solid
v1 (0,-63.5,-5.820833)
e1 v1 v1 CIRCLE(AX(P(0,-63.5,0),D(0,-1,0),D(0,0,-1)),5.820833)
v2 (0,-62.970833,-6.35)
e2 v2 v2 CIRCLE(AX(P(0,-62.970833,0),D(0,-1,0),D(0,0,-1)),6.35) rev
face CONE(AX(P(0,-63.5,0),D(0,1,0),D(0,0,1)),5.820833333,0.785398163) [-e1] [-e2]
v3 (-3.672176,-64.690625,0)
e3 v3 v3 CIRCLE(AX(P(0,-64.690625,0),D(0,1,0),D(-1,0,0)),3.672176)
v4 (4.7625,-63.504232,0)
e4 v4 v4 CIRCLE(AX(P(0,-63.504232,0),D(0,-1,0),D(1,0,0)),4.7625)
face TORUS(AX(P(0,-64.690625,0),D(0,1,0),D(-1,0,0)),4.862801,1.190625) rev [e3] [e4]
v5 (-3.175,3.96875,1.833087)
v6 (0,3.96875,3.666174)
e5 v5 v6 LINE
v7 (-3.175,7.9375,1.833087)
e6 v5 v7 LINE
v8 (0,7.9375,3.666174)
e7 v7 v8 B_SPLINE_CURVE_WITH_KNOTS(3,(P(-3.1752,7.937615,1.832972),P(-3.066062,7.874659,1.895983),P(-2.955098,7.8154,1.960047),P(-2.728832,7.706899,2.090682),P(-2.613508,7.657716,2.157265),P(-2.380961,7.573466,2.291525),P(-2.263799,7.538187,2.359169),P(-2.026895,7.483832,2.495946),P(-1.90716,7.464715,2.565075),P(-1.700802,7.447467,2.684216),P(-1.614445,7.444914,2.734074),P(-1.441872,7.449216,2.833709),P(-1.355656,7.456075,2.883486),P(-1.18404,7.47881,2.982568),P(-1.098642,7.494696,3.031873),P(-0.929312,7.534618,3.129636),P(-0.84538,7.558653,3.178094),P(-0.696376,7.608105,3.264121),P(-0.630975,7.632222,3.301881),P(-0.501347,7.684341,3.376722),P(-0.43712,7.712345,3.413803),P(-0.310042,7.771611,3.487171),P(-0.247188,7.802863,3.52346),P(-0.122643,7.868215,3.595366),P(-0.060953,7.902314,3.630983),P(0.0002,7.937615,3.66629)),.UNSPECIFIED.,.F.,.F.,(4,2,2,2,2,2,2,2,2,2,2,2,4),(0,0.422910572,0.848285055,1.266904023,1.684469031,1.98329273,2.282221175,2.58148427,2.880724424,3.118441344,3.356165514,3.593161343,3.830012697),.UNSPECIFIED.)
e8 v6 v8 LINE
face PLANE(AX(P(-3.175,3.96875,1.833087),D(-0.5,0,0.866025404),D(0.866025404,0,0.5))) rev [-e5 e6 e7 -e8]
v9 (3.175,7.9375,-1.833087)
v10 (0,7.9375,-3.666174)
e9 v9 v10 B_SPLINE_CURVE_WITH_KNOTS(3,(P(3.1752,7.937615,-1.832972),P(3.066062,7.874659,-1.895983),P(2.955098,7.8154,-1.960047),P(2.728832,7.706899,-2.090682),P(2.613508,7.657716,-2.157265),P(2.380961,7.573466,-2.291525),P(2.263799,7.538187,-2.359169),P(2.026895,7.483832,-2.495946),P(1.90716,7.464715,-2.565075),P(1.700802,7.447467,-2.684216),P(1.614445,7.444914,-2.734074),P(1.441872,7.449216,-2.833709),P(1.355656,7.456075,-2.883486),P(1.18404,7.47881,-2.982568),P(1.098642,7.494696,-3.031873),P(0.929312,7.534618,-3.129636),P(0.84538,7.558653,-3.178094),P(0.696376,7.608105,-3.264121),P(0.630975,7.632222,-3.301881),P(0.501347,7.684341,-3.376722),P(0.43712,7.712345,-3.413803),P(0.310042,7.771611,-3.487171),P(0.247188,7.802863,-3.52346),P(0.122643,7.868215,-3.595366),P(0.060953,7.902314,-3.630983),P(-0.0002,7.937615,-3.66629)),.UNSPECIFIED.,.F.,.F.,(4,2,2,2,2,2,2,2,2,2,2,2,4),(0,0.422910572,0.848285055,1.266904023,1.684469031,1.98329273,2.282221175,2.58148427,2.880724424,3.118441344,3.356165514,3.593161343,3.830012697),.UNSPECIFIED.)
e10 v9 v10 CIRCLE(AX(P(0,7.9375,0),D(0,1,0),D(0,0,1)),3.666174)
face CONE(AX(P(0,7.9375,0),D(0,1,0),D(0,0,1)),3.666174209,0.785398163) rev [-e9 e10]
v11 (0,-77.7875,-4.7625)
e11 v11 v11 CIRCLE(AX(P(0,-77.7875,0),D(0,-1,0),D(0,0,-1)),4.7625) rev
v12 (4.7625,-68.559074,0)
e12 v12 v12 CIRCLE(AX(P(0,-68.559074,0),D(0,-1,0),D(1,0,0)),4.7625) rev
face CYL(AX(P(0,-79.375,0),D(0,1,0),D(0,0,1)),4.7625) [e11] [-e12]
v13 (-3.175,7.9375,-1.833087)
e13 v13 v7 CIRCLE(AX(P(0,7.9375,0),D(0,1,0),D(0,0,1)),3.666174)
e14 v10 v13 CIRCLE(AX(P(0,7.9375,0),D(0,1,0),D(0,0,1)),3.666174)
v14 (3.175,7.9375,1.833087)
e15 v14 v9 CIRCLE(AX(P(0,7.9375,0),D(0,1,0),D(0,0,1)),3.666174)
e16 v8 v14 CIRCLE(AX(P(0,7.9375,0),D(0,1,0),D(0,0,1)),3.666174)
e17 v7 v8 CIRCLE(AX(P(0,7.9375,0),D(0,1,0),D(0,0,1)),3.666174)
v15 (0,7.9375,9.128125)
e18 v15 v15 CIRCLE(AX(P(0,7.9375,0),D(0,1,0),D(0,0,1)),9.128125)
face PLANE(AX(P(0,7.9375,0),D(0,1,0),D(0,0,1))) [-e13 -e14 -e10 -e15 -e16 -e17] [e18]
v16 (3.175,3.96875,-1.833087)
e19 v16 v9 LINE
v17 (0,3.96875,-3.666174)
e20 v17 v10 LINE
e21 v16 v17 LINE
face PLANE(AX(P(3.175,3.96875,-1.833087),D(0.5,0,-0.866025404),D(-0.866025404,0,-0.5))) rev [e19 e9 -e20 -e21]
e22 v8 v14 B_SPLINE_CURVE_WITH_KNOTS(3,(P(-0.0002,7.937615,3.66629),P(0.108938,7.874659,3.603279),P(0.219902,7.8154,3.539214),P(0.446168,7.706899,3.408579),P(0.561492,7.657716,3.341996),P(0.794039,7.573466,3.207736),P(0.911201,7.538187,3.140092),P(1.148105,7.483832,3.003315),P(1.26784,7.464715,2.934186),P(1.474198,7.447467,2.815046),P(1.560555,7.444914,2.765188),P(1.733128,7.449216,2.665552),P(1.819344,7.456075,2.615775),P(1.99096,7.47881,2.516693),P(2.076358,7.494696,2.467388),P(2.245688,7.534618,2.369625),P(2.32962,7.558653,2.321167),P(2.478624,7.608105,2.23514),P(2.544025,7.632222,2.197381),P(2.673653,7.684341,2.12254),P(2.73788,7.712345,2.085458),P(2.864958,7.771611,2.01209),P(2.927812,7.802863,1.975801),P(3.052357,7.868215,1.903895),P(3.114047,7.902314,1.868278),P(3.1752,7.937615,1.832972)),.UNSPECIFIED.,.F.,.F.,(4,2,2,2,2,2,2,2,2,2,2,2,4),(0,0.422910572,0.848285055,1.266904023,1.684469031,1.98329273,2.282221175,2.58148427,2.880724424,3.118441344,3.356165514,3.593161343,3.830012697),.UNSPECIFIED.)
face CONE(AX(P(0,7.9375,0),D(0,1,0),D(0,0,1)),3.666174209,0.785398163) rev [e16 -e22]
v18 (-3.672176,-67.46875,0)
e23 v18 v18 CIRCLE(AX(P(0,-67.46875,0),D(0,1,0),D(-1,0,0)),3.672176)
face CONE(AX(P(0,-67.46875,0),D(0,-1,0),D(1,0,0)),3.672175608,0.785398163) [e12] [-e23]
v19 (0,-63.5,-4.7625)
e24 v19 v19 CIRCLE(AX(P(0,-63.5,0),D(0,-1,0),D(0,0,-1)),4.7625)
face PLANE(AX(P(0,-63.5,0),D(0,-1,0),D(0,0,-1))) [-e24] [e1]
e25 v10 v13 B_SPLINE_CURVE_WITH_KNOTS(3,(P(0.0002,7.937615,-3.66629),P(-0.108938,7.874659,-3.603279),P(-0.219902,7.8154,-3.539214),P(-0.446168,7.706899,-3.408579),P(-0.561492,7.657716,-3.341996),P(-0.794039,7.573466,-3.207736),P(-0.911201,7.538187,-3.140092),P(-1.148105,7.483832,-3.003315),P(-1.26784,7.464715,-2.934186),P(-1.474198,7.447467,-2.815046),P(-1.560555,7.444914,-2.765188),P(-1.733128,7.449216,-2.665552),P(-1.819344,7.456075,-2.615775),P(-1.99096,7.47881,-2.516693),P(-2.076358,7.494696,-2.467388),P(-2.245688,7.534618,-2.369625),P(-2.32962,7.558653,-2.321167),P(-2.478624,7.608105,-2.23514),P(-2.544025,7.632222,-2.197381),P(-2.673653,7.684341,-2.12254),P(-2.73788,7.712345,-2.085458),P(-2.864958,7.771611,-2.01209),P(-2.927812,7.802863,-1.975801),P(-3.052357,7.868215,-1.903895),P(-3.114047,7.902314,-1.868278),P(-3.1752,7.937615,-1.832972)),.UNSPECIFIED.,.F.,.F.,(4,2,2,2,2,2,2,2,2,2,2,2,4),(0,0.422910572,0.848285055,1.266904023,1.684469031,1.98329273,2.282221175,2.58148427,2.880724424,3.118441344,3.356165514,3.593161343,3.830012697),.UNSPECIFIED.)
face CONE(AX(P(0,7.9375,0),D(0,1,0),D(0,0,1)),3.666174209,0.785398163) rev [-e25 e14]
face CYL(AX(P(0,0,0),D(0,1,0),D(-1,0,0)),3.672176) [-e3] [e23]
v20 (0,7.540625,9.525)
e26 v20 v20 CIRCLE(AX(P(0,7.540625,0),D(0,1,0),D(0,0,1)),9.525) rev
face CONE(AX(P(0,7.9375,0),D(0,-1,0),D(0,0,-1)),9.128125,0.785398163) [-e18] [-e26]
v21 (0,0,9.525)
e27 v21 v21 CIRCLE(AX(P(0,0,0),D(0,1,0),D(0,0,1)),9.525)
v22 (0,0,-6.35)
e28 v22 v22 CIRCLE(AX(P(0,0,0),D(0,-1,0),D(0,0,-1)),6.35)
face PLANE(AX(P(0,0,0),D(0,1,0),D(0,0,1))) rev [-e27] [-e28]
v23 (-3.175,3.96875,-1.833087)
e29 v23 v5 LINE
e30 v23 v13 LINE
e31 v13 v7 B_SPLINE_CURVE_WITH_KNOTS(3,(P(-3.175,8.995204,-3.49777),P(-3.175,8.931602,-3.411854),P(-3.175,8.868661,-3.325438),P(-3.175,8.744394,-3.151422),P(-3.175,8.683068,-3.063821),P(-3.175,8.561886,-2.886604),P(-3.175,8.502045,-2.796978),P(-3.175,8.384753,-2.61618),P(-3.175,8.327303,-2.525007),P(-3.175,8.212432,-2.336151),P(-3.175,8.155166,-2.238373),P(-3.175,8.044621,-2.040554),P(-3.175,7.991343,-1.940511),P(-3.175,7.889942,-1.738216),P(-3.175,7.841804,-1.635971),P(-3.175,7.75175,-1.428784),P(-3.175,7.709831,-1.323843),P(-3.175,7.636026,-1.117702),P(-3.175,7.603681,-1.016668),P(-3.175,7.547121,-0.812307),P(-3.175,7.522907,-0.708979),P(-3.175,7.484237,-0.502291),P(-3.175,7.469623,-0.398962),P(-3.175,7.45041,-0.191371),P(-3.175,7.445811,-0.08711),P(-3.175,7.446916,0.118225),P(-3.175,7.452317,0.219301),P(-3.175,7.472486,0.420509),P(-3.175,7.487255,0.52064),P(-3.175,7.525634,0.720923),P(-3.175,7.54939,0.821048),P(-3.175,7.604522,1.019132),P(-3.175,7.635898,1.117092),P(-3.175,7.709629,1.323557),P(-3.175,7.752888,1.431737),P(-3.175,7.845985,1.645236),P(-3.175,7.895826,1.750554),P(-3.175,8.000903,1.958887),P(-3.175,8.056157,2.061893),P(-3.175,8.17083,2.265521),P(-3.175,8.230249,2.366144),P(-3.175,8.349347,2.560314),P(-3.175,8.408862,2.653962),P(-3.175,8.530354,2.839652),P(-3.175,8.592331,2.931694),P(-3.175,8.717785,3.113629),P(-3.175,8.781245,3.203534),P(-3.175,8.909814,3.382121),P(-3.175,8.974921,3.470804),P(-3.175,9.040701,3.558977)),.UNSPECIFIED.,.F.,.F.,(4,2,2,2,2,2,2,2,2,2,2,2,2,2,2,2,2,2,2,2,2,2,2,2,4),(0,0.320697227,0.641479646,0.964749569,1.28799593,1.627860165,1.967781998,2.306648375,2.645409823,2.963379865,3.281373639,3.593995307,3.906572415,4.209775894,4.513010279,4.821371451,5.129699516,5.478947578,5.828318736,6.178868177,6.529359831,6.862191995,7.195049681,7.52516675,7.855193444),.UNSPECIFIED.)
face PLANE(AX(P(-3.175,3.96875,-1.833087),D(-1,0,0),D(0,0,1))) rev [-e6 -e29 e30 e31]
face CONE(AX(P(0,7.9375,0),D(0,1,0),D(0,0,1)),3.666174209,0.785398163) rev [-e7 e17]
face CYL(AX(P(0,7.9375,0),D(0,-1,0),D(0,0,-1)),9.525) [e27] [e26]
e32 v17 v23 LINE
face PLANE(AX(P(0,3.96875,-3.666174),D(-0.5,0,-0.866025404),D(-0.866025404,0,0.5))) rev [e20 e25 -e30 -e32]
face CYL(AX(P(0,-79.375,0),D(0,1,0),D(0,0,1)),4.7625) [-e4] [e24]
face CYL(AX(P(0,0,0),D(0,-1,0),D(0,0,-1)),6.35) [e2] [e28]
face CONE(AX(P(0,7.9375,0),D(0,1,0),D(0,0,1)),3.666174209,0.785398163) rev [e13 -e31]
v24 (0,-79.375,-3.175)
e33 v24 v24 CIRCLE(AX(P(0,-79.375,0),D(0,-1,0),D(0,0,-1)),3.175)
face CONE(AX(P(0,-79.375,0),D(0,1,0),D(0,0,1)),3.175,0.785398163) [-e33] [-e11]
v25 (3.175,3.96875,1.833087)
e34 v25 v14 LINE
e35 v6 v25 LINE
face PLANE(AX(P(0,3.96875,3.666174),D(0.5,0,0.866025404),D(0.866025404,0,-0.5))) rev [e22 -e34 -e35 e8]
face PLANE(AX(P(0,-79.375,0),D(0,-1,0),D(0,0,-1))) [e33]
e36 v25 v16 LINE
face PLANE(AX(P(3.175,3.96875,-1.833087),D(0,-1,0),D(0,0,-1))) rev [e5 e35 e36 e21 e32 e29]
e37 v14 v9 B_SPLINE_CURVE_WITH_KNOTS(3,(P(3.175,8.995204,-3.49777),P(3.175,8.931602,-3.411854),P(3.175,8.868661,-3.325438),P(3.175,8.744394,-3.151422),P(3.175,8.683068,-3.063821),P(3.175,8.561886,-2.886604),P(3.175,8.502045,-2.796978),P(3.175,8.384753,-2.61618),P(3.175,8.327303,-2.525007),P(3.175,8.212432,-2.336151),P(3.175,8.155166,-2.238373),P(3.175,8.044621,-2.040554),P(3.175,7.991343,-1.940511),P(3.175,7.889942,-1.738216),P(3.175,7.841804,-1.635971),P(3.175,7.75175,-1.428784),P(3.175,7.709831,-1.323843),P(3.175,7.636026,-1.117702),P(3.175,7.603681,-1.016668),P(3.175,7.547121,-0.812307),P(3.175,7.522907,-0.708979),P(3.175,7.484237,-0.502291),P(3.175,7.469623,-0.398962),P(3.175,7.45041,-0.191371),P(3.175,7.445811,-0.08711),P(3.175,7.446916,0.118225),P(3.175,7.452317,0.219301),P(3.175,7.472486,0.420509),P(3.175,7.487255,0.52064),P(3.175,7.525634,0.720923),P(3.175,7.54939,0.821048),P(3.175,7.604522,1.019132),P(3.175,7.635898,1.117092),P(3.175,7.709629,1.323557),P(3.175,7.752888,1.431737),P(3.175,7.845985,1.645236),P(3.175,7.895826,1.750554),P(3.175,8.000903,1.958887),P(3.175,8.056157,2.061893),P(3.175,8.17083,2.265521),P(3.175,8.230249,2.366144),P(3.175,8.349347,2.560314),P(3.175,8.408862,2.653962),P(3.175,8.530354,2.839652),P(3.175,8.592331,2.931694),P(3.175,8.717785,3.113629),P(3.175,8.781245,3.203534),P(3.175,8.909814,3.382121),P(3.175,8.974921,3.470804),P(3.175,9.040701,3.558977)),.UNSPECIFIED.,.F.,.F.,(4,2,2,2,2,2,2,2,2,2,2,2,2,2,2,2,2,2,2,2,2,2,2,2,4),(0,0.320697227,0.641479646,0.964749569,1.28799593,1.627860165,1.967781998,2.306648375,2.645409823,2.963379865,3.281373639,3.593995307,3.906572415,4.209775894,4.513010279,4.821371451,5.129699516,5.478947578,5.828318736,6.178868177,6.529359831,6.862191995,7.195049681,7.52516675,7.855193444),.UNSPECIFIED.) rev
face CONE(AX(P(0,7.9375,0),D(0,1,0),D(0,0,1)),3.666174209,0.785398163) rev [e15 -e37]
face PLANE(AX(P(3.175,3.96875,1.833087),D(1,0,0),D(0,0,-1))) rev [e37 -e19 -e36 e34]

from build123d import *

# Parameters (mm, degrees)
SKETCH1_R          = 9.525
EXTRUDE1_DEPTH     = 7.9375
CUT_EXTRUDE1_DEPTH = 3.96875
SKETCH18_R         = 3.666174209
CUT_EXTRUDE4_DEPTH = 1.322916667
CUT_EXTRUDE4_DRAFT = -45
SKETCH4_R          = 6.35
EXTRUDE2_DEPTH     = 63.5
SKETCH5_R          = 4.7625
EXTRUDE3_DEPTH     = 15.875
CHAMFER1_SIZE      = 1.5875
CHAMFER2_SIZE      = 0.529166667
CHAMFER3_SIZE      = 0.396875


with BuildPart() as part:
    # Sketch1 → Extrude1 (new body)
    with BuildSketch(Plane(origin=(0, 0, 0), x_dir=(1, 0, 0), z_dir=(0, 1, 0))):
        Circle(SKETCH1_R)
    extrude(amount=EXTRUDE1_DEPTH)

    # Sketch2 → Cut-Extrude1 (cut)
    with BuildSketch(Plane(origin=(0, 7.9375, 0), x_dir=(-1, 0, 0), z_dir=(0, 1, 0))):
        Polygon((0, -3.666174209), (3.175, -1.833087105), (3.175, 1.833087105), (0, 3.666174209), (-3.175, 1.833087105), (-3.175, -1.833087105), align=None)
    extrude(amount=-CUT_EXTRUDE1_DEPTH, mode=Mode.SUBTRACT)


with BuildPart() as cut_extrude4_tool:
    # Sketch18 → Cut-Extrude4 (with draft: the straight prism first)
    with BuildSketch(Plane(origin=(0, 7.9375, 0), x_dir=(1, 0, 0), z_dir=(0, 1, 0))):
        Circle(SKETCH18_R)
    extrude(amount=-CUT_EXTRUDE4_DEPTH)
    # Cut-Extrude4: the draft: its side faces are tilted about the plane it starts from
    cut_extrude4_sides = [cut_extrude4_tool.faces().sort_by_distance(p)[0] for p in [
        (-3.666174209, 7.276041667, 0),
    ]]
    draft(cut_extrude4_sides, Plane(origin=(0, 7.9375, 0), x_dir=(1, 0, 0), z_dir=(0, 1, 0)), CUT_EXTRUDE4_DRAFT)


with BuildPart() as part_1:
    add(part.part)

    # Cut-Extrude4: cut by cut_extrude4_tool
    add(cut_extrude4_tool.part, mode=Mode.SUBTRACT)

    # Sketch4 → Extrude2 (add)
    with BuildSketch(Plane.XZ.offset(63.5)):
        Circle(SKETCH4_R)
    extrude(amount=-EXTRUDE2_DEPTH)

    # Sketch5 → Extrude3 (add)
    with BuildSketch(Plane.XZ.offset(63.5)):
        Circle(SKETCH5_R)
    extrude(amount=EXTRUDE3_DEPTH)

    # Chamfer1
    chamfer1_edges = [part_1.edges().sort_by_distance(p)[0] for p in [
        (-4.7625, -79.375, 0),
    ]]
    chamfer(chamfer1_edges, length=CHAMFER1_SIZE)

    # Sketch17 → Cut-Revolve1 (revolve, cut)
    with BuildSketch(Plane.XY):
        with BuildLine():
            Line((4.862800608, -63.5), (6.35, -63.5))
            Line((6.35, -63.5), (6.35, -67.46875))
            Line((6.35, -67.46875), (6.35, -70.146574392))
            Line((6.35, -70.146574392), (3.672175608, -67.46875))
            Line((3.672175608, -67.46875), (3.672175608, -64.690625))
            ThreePointArc((3.672175608, -64.690625), (4.020901597, -63.848725989), (4.862800608, -63.5))
        make_face()
    revolve(axis=Axis((0, 0, 0), (0, -1, 0)), mode=Mode.SUBTRACT)

    # Chamfer2
    chamfer2_edges = [part_1.edges().sort_by_distance(p)[0] for p in [
        (-6.35, -63.5, 0),
    ]]
    chamfer(chamfer2_edges, length=CHAMFER2_SIZE)

    # Chamfer3
    chamfer3_edges = [part_1.edges().sort_by_distance(p)[0] for p in [
        (-9.525, 7.9375, 0),
    ]]
    chamfer(chamfer3_edges, length=CHAMFER3_SIZE)


solid = part_1.part
